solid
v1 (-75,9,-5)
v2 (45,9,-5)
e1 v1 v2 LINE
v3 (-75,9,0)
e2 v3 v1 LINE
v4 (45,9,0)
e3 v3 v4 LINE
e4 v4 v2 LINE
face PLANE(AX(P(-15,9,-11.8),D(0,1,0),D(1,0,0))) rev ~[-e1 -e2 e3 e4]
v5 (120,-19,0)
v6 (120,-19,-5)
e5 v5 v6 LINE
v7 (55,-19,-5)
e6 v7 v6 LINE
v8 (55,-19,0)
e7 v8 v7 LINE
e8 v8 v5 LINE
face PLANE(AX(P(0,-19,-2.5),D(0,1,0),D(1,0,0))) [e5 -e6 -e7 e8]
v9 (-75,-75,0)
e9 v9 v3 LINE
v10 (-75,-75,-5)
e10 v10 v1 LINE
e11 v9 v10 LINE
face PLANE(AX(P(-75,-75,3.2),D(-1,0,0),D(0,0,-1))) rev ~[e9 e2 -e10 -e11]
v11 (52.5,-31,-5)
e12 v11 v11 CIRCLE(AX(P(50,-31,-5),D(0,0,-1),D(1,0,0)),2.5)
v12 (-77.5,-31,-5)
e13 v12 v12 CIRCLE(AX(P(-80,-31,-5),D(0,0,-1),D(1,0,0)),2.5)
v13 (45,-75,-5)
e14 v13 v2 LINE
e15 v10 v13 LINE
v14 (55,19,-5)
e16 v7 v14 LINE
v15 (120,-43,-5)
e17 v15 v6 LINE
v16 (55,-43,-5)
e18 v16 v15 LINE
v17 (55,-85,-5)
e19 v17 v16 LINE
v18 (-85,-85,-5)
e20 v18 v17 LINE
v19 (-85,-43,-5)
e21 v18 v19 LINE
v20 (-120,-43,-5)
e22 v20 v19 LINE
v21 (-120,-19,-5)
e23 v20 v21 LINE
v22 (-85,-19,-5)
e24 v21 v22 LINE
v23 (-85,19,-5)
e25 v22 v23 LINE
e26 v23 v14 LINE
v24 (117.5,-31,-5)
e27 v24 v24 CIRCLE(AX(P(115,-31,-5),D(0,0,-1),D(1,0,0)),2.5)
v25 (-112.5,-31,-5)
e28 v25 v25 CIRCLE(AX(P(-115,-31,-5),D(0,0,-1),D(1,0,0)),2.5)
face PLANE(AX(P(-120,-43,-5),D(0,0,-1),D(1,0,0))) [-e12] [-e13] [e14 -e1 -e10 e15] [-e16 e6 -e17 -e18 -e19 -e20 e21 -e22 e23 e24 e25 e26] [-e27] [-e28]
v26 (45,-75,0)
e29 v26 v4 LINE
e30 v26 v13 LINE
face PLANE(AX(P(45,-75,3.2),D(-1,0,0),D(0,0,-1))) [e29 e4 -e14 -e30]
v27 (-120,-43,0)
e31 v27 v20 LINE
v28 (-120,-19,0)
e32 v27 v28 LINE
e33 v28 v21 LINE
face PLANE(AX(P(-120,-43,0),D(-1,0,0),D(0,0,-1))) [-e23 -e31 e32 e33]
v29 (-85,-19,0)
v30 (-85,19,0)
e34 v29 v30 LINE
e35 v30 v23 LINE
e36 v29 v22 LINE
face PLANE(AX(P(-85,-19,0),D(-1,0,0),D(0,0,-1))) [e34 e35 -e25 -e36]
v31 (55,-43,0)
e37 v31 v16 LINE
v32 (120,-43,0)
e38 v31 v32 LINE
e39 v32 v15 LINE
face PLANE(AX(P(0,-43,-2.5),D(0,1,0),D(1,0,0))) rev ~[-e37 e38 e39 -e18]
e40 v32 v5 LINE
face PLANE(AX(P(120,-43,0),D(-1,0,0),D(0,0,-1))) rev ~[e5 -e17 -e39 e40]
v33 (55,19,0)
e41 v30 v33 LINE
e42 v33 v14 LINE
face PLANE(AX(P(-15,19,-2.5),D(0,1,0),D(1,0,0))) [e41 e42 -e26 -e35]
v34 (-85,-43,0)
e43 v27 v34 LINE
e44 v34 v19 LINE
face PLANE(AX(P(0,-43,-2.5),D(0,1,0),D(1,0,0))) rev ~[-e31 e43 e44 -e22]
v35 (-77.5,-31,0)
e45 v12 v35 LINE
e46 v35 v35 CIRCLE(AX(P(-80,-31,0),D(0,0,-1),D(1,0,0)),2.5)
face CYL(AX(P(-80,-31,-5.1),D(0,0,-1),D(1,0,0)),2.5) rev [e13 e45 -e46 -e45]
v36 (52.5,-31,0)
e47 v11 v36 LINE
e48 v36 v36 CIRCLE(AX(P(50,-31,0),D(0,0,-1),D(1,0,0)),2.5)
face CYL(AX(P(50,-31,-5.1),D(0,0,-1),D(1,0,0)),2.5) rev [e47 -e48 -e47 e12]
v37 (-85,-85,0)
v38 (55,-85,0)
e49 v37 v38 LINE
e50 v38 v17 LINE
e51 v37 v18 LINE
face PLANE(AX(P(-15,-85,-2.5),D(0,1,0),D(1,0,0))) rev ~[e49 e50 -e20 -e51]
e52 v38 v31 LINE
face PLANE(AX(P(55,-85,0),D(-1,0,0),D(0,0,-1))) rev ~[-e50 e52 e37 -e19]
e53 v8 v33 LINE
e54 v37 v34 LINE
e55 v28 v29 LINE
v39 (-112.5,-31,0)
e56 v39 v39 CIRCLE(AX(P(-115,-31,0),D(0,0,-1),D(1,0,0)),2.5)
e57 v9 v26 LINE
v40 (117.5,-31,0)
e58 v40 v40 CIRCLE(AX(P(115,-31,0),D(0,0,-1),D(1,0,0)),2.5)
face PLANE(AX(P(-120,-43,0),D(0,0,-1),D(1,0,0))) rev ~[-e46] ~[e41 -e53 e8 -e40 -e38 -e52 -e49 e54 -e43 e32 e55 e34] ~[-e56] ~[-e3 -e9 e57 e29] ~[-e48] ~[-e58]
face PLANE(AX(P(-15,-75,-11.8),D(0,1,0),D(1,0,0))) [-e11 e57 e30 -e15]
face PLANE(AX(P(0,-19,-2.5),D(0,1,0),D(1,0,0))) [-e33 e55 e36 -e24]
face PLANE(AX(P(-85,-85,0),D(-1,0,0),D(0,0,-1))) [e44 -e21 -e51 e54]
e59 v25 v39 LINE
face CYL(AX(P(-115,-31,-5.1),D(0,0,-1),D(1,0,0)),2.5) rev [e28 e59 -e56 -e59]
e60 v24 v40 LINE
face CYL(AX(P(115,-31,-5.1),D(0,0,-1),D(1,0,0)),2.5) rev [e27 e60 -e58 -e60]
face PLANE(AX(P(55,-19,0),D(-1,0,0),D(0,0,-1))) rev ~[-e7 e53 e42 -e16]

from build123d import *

# Parameters (mm, degrees)
BOX015_W               = 120
BOX015_H               = 30
BOX015_DEPTH           = 84
CYLINDER069_R          = 2.5
CYLINDER069_DEPTH      = 10
CYLINDER070_R          = 2.5
CYLINDER070_DEPTH      = 10
CYLINDER071_R          = 2.5
CYLINDER071_DEPTH      = 10
CYLINDER072_R          = 2.5
CYLINDER072_DEPTH      = 10
CYLINDER068_R          = 2.5
CYLINDER068_DEPTH      = 10
CYLINDER073_R          = 2.5
CYLINDER073_DEPTH      = 10
BOX009_W               = 240
BOX009_H               = 5
BOX009_DEPTH           = 24
BOX010_W               = 140
BOX010_H               = 5
BOX010_DEPTH           = 38
BOX011_W               = 140
BOX011_H               = 5
BOX011_DEPTH           = 42
CUT008_PLACEMENT_ANGLE = 90


with BuildPart() as gatewaycut001:
    # Box015 → Box015 (new body)
    with BuildSketch(Plane(origin=(-75, -3.2, -75), x_dir=(1, 0, 0), z_dir=(0, 0, 1))):
        with Locations((60, 15)):
            Rectangle(BOX015_W, BOX015_H)
    extrude(amount=BOX015_DEPTH)


with BuildPart() as cylinder069:
    # Cylinder069 → Cylinder069 (new body)
    with BuildSketch(Plane(origin=(115, 0, -31), x_dir=(1, 0, 0), z_dir=(0, -1, 0))):
        Circle(CYLINDER069_R)
    extrude(amount=CYLINDER069_DEPTH)


with BuildPart() as cylinder070:
    # Cylinder070 → Cylinder070 (new body)
    with BuildSketch(Plane(origin=(-80, 0, -31), x_dir=(1, 0, 0), z_dir=(0, -1, 0))):
        Circle(CYLINDER070_R)
    extrude(amount=CYLINDER070_DEPTH)


with BuildPart() as cylinder071:
    # Cylinder071 → Cylinder071 (new body)
    with BuildSketch(Plane(origin=(50, 0, -31), x_dir=(1, 0, 0), z_dir=(0, -1, 0))):
        Circle(CYLINDER071_R)
    extrude(amount=CYLINDER071_DEPTH)


with BuildPart() as cylinder072:
    # Cylinder072 → Cylinder072 (new body)
    with BuildSketch(Plane(origin=(-45.75, 0, -56.3), x_dir=(1, 0, 0), z_dir=(0, -1, 0))):
        Circle(CYLINDER072_R)
    extrude(amount=CYLINDER072_DEPTH)


with BuildPart() as cylinder068:
    # Cylinder068 → Cylinder068 (new body)
    with BuildSketch(Plane(origin=(-115, 0, -31), x_dir=(1, 0, 0), z_dir=(0, -1, 0))):
        Circle(CYLINDER068_R)
    extrude(amount=CYLINDER068_DEPTH)


with BuildPart() as m3heatsetinserts003:
    # Cylinder073 → Cylinder073 (new body)
    with BuildSketch(Plane(origin=(-45.75, 0, -1.3), x_dir=(1, 0, 0), z_dir=(0, -1, 0))):
        Circle(CYLINDER073_R)
    extrude(amount=CYLINDER073_DEPTH)

    # Fusion025: union Cylinder069, Cylinder070, Cylinder071, Cylinder072, Cylinder068
    add(cylinder069.part)
    add(cylinder070.part)
    add(cylinder071.part)
    add(cylinder072.part)
    add(cylinder068.part)


with BuildPart() as m3heatsetinserts003_1:
    # Fusion025 placement: moved
    add(m3heatsetinserts003.part.moved(Location((0, 5.1, 0))))


with BuildPart() as cube007:
    # Box009 → Box009 (new body)
    with BuildSketch(Plane(origin=(-120, 0, -43), x_dir=(1, 0, 0), z_dir=(0, 0, 1))):
        with Locations((120, 2.5)):
            Rectangle(BOX009_W, BOX009_H)
    extrude(amount=BOX009_DEPTH)


with BuildPart() as cube008:
    # Box010 → Box010 (new body)
    with BuildSketch(Plane(origin=(-85, 0, -19), x_dir=(1, 0, 0), z_dir=(0, 0, 1))):
        with Locations((70, 2.5)):
            Rectangle(BOX010_W, BOX010_H)
    extrude(amount=BOX010_DEPTH)


with BuildPart() as mainbase001:
    # Box011 → Box011 (new body)
    with BuildSketch(Plane(origin=(-85, 0, -85), x_dir=(1, 0, 0), z_dir=(0, 0, 1))):
        with Locations((70, 2.5)):
            Rectangle(BOX011_W, BOX011_H)
    extrude(amount=BOX011_DEPTH)

    # Fusion020: union Cube007, Cube008
    add(cube007.part)
    add(cube008.part)

    # Cut007: cut M3HeatSetInserts003
    add(m3heatsetinserts003_1.part, mode=Mode.SUBTRACT)

    # Cut008: cut GatewayCut001
    add(gatewaycut001.part, mode=Mode.SUBTRACT)


with BuildPart() as mainbase001_1:
    # Cut008 placement: moved
    add(mainbase001.part.rotate(Axis((0, 0, 0), (-1, 0, 0)), CUT008_PLACEMENT_ANGLE))


solid = mainbase001_1.part
